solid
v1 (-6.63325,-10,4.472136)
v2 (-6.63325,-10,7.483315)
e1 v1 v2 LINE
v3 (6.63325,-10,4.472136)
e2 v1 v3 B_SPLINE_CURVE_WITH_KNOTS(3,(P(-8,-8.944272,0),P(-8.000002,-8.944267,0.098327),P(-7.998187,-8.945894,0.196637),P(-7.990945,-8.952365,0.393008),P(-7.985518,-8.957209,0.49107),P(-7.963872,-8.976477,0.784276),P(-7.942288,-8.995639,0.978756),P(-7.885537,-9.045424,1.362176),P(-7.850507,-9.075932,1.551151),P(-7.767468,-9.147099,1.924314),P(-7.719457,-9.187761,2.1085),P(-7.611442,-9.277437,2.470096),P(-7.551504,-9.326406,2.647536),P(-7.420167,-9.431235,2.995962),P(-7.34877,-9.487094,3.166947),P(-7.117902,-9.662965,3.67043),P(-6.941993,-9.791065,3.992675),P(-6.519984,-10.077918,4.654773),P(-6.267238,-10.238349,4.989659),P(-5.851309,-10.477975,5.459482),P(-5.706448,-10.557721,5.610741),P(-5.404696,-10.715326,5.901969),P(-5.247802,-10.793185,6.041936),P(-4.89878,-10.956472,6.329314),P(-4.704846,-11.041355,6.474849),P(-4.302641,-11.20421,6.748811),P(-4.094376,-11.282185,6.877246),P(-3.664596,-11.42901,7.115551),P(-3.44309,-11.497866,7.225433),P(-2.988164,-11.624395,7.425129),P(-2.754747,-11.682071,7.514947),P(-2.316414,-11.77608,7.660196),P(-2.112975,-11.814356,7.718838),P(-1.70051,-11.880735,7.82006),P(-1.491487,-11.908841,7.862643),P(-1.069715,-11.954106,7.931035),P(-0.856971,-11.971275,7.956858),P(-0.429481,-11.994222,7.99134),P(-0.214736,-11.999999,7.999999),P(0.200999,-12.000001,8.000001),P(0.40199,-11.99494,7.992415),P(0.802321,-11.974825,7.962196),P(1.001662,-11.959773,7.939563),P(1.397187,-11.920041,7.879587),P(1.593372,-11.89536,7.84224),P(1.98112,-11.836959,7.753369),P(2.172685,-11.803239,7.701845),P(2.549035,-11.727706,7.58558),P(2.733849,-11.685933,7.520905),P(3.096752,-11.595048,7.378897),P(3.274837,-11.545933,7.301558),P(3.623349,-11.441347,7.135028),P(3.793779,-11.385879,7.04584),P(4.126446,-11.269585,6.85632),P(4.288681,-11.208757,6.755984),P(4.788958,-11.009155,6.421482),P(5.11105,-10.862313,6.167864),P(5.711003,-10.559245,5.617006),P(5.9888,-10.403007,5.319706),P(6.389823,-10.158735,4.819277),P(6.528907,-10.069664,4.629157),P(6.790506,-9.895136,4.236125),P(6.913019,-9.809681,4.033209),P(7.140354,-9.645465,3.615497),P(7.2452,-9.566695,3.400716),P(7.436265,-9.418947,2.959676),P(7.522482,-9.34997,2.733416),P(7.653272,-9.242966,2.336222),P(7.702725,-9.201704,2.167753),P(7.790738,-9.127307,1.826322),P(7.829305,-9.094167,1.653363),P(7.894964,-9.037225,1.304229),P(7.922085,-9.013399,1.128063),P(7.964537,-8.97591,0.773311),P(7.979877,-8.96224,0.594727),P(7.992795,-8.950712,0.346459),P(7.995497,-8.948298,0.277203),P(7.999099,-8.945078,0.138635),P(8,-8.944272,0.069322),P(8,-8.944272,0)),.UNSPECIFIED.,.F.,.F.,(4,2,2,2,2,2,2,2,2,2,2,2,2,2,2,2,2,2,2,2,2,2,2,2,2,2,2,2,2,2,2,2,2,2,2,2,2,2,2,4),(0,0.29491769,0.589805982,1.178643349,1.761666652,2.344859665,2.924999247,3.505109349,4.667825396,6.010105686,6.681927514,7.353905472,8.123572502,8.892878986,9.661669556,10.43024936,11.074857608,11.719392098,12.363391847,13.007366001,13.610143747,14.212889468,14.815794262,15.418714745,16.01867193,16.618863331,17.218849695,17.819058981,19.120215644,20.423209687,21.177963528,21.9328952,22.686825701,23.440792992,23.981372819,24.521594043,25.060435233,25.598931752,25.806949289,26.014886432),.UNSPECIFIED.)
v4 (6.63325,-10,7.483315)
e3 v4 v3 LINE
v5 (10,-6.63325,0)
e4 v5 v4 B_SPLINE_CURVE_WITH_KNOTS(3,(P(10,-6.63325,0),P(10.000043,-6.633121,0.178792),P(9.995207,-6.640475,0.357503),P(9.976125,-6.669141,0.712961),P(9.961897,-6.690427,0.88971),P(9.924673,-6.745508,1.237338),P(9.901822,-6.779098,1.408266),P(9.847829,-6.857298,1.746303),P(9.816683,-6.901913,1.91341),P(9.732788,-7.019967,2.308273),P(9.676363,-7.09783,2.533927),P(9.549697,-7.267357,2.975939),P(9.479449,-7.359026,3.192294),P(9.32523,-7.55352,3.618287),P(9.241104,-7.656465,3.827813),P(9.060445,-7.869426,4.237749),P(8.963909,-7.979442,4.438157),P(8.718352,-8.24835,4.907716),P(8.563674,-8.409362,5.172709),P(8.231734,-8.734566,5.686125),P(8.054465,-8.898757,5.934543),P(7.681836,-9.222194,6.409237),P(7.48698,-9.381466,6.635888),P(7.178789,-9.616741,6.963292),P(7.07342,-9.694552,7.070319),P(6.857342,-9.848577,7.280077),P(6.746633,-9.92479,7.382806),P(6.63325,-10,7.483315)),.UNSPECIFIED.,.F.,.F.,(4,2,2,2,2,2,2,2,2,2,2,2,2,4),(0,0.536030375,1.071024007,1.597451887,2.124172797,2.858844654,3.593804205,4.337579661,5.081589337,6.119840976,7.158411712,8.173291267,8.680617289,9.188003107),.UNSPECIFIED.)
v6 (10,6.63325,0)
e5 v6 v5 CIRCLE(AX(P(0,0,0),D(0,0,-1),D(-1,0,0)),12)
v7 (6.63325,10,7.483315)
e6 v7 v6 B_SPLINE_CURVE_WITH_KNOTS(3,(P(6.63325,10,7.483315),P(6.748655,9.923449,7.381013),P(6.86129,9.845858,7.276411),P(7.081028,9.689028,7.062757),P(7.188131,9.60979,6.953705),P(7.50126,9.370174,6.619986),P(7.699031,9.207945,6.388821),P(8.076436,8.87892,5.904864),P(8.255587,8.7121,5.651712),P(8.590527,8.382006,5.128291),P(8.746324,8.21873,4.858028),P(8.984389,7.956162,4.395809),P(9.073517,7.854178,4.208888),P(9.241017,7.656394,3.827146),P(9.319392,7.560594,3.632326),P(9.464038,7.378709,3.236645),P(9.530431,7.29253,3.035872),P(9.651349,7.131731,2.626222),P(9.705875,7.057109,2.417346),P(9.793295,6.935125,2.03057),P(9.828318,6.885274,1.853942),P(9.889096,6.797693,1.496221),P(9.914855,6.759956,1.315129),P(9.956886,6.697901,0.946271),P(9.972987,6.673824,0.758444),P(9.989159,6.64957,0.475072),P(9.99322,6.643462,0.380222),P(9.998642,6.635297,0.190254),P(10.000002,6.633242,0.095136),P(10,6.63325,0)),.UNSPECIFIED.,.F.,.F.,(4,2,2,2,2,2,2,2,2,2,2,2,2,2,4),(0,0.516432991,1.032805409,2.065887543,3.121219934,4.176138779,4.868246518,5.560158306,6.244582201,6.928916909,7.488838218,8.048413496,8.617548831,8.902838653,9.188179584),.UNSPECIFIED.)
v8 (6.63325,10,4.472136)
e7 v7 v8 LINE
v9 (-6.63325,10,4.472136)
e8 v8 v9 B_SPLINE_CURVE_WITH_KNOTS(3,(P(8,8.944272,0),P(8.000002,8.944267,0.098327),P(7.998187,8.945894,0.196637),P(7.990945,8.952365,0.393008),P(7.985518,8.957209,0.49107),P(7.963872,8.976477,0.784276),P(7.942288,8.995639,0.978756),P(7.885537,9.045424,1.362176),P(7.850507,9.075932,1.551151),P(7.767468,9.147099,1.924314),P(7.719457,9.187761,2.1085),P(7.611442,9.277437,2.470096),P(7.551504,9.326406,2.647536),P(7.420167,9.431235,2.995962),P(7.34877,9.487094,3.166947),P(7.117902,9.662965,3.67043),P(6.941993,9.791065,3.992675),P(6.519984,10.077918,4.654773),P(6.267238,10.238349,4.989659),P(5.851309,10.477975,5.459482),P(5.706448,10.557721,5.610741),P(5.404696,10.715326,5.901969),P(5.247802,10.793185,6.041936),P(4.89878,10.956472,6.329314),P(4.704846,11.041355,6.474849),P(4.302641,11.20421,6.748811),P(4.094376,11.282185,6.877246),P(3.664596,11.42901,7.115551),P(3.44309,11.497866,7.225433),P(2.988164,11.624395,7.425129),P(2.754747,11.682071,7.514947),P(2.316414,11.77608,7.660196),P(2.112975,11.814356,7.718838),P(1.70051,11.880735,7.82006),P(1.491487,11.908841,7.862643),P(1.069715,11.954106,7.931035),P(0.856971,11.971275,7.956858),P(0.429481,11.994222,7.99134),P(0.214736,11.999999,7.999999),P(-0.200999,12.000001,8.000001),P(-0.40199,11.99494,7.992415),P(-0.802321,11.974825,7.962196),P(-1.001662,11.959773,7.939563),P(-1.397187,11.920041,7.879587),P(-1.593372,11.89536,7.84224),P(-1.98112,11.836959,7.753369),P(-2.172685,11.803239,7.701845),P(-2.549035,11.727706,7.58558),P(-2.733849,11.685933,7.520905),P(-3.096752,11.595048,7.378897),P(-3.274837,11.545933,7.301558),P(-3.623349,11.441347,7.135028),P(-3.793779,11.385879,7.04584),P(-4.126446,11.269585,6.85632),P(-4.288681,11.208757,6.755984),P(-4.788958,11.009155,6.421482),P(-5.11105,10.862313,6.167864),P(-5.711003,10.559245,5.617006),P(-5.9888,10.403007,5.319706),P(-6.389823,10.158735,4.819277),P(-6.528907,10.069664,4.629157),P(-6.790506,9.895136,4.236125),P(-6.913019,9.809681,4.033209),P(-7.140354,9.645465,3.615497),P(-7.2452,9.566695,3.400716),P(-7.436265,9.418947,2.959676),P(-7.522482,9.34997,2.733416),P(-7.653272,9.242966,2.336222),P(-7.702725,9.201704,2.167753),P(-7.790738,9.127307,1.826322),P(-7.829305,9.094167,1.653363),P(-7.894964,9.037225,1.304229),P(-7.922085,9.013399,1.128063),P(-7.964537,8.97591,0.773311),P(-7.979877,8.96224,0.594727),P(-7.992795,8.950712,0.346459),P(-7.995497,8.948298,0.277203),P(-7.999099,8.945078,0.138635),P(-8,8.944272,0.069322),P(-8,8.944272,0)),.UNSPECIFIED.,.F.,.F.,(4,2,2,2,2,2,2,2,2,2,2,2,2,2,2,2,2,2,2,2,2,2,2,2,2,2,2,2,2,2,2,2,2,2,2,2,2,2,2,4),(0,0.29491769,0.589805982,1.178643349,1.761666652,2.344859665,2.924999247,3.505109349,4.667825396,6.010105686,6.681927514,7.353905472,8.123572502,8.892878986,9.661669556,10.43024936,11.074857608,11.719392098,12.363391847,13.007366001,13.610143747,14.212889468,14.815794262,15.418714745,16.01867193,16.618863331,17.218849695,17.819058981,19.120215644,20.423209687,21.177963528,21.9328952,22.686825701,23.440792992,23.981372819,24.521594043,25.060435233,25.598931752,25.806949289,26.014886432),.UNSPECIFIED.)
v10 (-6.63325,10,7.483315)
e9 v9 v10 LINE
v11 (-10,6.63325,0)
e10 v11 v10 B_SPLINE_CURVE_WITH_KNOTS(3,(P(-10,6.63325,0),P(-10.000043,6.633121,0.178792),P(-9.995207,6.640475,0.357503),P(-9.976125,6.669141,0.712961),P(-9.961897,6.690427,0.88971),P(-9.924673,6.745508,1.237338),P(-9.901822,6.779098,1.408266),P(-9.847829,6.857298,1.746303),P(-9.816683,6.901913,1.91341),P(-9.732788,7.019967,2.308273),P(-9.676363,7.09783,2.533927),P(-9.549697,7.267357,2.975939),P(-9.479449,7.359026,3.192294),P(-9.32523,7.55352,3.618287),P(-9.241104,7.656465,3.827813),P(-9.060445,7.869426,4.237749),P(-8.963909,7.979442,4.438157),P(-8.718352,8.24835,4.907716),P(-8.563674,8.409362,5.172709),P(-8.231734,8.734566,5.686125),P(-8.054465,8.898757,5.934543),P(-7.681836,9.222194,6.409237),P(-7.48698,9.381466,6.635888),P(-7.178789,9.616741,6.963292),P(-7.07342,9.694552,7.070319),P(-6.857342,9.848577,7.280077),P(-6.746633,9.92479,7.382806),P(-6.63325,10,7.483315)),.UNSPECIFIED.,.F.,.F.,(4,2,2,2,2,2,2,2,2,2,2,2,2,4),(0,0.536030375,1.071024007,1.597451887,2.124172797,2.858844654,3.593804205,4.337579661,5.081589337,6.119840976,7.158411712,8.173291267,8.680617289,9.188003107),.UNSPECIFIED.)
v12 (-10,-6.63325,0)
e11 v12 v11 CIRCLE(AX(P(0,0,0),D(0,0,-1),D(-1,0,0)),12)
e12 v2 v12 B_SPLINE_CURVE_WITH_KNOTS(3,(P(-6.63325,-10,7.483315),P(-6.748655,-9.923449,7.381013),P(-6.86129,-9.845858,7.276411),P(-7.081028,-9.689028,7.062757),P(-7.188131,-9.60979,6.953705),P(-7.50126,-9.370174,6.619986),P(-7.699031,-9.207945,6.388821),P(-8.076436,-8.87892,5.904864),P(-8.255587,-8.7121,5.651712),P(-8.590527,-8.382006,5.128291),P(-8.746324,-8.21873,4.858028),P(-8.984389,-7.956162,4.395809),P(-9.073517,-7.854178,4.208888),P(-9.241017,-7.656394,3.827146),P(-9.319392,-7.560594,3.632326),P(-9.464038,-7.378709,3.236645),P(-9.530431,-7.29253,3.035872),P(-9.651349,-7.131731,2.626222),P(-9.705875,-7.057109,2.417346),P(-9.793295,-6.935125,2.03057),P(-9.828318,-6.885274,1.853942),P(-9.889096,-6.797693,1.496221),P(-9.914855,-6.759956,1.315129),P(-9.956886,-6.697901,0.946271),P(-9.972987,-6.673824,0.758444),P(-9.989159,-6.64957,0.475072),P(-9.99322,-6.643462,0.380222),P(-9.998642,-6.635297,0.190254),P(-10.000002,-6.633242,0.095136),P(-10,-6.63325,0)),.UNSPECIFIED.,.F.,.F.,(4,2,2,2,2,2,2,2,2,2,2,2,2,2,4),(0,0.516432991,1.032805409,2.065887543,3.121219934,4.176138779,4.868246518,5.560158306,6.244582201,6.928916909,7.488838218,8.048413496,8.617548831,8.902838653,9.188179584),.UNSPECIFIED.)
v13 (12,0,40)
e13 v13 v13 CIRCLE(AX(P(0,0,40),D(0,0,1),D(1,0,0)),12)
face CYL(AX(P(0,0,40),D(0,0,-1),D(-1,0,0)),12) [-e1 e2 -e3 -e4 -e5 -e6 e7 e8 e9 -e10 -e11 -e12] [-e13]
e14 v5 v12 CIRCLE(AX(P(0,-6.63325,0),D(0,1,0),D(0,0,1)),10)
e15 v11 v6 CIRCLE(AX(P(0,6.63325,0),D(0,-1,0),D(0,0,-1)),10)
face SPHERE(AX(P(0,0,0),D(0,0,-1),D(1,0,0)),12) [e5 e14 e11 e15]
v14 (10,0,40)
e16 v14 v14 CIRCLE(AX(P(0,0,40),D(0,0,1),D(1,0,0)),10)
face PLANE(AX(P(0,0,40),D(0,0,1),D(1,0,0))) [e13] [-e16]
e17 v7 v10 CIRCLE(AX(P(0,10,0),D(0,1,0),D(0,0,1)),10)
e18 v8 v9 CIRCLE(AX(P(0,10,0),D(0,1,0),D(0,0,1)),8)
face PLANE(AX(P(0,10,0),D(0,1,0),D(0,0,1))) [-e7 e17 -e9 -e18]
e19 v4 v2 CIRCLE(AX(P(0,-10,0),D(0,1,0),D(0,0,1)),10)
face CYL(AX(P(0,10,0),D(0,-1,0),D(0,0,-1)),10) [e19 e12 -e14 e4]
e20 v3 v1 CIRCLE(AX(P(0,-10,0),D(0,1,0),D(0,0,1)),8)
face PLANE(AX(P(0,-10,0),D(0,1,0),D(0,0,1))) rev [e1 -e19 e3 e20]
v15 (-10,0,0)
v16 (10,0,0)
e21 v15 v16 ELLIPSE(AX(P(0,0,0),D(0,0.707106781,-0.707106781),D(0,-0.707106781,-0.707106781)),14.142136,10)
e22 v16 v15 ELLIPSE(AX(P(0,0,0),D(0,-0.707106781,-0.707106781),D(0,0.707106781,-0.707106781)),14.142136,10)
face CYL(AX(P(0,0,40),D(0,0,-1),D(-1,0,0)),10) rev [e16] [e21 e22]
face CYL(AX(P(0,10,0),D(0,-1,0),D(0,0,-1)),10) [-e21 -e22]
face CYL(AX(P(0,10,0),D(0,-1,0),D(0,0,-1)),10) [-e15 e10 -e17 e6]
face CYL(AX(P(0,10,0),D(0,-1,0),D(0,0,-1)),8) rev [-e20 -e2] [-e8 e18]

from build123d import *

# Parameters (mm, degrees)
SKETCH_1_R               = 12
SKETCH_1_R_2             = 10
EXTRUDE_1_DEPTH          = 40
SKETCH_3_R               = 10
SKETCH_3_R_2             = 8
EXTRUDE_2_DEPTH          = 10
CUT_EXTRUDE_1_DEPTH      = 44.451122112
CUT_EXTRUDE_1_DEPTH_BACK = 44.451122112
SKETCH_4_R               = 8


with BuildPart() as part:
    # 草图1 → 凸台-拉伸1 (new body)
    with BuildSketch(Plane.XY):
        Circle(SKETCH_1_R)
        Circle(SKETCH_1_R_2, mode=Mode.SUBTRACT)
    extrude(amount=EXTRUDE_1_DEPTH)

    # 草图2 → 旋转1 (revolve)
    with BuildSketch(Plane(origin=(0, 0, 0), x_dir=(1, 0, 0), z_dir=(0, 1, 0))):
        with BuildLine():
            Line((-12, 0), (-10, 0))
            ThreePointArc((-10, 0), (-7.071067812, 7.071067812), (0, 10))
            Line((0, 10), (0, 12))
            ThreePointArc((0, 12), (-8.485281374, 8.485281374), (-12, 0))
        make_face()
    revolve(axis=Axis((0, 0, -10), (0, 0, 1)))

    # 草图3 → 凸台-拉伸2 (add, symmetric)
    with BuildSketch(Plane(origin=(0, 0, 0), x_dir=(1, 0, 0), z_dir=(0, 1, 0))):
        Circle(SKETCH_3_R)
        with Locations(Location((0, 0, 0), (0, 0, 180))):
            Circle(SKETCH_3_R_2, mode=Mode.SUBTRACT)
    extrude(amount=EXTRUDE_2_DEPTH, both=True)

    # 草图4 → 切除-拉伸1 (cut, two sides: drawn at the far end of the back side and taken through both)
    with BuildSketch(Plane(origin=(0, 0, 0), x_dir=(1, 0, 0), z_dir=(0, 1, 0)).offset(-CUT_EXTRUDE_1_DEPTH_BACK)):
        with Locations(Location((0, 0, 0), (0, 0, 213.987843581))):
            Circle(SKETCH_4_R)
    extrude(amount=CUT_EXTRUDE_1_DEPTH + CUT_EXTRUDE_1_DEPTH_BACK, mode=Mode.SUBTRACT)


solid = part.part
